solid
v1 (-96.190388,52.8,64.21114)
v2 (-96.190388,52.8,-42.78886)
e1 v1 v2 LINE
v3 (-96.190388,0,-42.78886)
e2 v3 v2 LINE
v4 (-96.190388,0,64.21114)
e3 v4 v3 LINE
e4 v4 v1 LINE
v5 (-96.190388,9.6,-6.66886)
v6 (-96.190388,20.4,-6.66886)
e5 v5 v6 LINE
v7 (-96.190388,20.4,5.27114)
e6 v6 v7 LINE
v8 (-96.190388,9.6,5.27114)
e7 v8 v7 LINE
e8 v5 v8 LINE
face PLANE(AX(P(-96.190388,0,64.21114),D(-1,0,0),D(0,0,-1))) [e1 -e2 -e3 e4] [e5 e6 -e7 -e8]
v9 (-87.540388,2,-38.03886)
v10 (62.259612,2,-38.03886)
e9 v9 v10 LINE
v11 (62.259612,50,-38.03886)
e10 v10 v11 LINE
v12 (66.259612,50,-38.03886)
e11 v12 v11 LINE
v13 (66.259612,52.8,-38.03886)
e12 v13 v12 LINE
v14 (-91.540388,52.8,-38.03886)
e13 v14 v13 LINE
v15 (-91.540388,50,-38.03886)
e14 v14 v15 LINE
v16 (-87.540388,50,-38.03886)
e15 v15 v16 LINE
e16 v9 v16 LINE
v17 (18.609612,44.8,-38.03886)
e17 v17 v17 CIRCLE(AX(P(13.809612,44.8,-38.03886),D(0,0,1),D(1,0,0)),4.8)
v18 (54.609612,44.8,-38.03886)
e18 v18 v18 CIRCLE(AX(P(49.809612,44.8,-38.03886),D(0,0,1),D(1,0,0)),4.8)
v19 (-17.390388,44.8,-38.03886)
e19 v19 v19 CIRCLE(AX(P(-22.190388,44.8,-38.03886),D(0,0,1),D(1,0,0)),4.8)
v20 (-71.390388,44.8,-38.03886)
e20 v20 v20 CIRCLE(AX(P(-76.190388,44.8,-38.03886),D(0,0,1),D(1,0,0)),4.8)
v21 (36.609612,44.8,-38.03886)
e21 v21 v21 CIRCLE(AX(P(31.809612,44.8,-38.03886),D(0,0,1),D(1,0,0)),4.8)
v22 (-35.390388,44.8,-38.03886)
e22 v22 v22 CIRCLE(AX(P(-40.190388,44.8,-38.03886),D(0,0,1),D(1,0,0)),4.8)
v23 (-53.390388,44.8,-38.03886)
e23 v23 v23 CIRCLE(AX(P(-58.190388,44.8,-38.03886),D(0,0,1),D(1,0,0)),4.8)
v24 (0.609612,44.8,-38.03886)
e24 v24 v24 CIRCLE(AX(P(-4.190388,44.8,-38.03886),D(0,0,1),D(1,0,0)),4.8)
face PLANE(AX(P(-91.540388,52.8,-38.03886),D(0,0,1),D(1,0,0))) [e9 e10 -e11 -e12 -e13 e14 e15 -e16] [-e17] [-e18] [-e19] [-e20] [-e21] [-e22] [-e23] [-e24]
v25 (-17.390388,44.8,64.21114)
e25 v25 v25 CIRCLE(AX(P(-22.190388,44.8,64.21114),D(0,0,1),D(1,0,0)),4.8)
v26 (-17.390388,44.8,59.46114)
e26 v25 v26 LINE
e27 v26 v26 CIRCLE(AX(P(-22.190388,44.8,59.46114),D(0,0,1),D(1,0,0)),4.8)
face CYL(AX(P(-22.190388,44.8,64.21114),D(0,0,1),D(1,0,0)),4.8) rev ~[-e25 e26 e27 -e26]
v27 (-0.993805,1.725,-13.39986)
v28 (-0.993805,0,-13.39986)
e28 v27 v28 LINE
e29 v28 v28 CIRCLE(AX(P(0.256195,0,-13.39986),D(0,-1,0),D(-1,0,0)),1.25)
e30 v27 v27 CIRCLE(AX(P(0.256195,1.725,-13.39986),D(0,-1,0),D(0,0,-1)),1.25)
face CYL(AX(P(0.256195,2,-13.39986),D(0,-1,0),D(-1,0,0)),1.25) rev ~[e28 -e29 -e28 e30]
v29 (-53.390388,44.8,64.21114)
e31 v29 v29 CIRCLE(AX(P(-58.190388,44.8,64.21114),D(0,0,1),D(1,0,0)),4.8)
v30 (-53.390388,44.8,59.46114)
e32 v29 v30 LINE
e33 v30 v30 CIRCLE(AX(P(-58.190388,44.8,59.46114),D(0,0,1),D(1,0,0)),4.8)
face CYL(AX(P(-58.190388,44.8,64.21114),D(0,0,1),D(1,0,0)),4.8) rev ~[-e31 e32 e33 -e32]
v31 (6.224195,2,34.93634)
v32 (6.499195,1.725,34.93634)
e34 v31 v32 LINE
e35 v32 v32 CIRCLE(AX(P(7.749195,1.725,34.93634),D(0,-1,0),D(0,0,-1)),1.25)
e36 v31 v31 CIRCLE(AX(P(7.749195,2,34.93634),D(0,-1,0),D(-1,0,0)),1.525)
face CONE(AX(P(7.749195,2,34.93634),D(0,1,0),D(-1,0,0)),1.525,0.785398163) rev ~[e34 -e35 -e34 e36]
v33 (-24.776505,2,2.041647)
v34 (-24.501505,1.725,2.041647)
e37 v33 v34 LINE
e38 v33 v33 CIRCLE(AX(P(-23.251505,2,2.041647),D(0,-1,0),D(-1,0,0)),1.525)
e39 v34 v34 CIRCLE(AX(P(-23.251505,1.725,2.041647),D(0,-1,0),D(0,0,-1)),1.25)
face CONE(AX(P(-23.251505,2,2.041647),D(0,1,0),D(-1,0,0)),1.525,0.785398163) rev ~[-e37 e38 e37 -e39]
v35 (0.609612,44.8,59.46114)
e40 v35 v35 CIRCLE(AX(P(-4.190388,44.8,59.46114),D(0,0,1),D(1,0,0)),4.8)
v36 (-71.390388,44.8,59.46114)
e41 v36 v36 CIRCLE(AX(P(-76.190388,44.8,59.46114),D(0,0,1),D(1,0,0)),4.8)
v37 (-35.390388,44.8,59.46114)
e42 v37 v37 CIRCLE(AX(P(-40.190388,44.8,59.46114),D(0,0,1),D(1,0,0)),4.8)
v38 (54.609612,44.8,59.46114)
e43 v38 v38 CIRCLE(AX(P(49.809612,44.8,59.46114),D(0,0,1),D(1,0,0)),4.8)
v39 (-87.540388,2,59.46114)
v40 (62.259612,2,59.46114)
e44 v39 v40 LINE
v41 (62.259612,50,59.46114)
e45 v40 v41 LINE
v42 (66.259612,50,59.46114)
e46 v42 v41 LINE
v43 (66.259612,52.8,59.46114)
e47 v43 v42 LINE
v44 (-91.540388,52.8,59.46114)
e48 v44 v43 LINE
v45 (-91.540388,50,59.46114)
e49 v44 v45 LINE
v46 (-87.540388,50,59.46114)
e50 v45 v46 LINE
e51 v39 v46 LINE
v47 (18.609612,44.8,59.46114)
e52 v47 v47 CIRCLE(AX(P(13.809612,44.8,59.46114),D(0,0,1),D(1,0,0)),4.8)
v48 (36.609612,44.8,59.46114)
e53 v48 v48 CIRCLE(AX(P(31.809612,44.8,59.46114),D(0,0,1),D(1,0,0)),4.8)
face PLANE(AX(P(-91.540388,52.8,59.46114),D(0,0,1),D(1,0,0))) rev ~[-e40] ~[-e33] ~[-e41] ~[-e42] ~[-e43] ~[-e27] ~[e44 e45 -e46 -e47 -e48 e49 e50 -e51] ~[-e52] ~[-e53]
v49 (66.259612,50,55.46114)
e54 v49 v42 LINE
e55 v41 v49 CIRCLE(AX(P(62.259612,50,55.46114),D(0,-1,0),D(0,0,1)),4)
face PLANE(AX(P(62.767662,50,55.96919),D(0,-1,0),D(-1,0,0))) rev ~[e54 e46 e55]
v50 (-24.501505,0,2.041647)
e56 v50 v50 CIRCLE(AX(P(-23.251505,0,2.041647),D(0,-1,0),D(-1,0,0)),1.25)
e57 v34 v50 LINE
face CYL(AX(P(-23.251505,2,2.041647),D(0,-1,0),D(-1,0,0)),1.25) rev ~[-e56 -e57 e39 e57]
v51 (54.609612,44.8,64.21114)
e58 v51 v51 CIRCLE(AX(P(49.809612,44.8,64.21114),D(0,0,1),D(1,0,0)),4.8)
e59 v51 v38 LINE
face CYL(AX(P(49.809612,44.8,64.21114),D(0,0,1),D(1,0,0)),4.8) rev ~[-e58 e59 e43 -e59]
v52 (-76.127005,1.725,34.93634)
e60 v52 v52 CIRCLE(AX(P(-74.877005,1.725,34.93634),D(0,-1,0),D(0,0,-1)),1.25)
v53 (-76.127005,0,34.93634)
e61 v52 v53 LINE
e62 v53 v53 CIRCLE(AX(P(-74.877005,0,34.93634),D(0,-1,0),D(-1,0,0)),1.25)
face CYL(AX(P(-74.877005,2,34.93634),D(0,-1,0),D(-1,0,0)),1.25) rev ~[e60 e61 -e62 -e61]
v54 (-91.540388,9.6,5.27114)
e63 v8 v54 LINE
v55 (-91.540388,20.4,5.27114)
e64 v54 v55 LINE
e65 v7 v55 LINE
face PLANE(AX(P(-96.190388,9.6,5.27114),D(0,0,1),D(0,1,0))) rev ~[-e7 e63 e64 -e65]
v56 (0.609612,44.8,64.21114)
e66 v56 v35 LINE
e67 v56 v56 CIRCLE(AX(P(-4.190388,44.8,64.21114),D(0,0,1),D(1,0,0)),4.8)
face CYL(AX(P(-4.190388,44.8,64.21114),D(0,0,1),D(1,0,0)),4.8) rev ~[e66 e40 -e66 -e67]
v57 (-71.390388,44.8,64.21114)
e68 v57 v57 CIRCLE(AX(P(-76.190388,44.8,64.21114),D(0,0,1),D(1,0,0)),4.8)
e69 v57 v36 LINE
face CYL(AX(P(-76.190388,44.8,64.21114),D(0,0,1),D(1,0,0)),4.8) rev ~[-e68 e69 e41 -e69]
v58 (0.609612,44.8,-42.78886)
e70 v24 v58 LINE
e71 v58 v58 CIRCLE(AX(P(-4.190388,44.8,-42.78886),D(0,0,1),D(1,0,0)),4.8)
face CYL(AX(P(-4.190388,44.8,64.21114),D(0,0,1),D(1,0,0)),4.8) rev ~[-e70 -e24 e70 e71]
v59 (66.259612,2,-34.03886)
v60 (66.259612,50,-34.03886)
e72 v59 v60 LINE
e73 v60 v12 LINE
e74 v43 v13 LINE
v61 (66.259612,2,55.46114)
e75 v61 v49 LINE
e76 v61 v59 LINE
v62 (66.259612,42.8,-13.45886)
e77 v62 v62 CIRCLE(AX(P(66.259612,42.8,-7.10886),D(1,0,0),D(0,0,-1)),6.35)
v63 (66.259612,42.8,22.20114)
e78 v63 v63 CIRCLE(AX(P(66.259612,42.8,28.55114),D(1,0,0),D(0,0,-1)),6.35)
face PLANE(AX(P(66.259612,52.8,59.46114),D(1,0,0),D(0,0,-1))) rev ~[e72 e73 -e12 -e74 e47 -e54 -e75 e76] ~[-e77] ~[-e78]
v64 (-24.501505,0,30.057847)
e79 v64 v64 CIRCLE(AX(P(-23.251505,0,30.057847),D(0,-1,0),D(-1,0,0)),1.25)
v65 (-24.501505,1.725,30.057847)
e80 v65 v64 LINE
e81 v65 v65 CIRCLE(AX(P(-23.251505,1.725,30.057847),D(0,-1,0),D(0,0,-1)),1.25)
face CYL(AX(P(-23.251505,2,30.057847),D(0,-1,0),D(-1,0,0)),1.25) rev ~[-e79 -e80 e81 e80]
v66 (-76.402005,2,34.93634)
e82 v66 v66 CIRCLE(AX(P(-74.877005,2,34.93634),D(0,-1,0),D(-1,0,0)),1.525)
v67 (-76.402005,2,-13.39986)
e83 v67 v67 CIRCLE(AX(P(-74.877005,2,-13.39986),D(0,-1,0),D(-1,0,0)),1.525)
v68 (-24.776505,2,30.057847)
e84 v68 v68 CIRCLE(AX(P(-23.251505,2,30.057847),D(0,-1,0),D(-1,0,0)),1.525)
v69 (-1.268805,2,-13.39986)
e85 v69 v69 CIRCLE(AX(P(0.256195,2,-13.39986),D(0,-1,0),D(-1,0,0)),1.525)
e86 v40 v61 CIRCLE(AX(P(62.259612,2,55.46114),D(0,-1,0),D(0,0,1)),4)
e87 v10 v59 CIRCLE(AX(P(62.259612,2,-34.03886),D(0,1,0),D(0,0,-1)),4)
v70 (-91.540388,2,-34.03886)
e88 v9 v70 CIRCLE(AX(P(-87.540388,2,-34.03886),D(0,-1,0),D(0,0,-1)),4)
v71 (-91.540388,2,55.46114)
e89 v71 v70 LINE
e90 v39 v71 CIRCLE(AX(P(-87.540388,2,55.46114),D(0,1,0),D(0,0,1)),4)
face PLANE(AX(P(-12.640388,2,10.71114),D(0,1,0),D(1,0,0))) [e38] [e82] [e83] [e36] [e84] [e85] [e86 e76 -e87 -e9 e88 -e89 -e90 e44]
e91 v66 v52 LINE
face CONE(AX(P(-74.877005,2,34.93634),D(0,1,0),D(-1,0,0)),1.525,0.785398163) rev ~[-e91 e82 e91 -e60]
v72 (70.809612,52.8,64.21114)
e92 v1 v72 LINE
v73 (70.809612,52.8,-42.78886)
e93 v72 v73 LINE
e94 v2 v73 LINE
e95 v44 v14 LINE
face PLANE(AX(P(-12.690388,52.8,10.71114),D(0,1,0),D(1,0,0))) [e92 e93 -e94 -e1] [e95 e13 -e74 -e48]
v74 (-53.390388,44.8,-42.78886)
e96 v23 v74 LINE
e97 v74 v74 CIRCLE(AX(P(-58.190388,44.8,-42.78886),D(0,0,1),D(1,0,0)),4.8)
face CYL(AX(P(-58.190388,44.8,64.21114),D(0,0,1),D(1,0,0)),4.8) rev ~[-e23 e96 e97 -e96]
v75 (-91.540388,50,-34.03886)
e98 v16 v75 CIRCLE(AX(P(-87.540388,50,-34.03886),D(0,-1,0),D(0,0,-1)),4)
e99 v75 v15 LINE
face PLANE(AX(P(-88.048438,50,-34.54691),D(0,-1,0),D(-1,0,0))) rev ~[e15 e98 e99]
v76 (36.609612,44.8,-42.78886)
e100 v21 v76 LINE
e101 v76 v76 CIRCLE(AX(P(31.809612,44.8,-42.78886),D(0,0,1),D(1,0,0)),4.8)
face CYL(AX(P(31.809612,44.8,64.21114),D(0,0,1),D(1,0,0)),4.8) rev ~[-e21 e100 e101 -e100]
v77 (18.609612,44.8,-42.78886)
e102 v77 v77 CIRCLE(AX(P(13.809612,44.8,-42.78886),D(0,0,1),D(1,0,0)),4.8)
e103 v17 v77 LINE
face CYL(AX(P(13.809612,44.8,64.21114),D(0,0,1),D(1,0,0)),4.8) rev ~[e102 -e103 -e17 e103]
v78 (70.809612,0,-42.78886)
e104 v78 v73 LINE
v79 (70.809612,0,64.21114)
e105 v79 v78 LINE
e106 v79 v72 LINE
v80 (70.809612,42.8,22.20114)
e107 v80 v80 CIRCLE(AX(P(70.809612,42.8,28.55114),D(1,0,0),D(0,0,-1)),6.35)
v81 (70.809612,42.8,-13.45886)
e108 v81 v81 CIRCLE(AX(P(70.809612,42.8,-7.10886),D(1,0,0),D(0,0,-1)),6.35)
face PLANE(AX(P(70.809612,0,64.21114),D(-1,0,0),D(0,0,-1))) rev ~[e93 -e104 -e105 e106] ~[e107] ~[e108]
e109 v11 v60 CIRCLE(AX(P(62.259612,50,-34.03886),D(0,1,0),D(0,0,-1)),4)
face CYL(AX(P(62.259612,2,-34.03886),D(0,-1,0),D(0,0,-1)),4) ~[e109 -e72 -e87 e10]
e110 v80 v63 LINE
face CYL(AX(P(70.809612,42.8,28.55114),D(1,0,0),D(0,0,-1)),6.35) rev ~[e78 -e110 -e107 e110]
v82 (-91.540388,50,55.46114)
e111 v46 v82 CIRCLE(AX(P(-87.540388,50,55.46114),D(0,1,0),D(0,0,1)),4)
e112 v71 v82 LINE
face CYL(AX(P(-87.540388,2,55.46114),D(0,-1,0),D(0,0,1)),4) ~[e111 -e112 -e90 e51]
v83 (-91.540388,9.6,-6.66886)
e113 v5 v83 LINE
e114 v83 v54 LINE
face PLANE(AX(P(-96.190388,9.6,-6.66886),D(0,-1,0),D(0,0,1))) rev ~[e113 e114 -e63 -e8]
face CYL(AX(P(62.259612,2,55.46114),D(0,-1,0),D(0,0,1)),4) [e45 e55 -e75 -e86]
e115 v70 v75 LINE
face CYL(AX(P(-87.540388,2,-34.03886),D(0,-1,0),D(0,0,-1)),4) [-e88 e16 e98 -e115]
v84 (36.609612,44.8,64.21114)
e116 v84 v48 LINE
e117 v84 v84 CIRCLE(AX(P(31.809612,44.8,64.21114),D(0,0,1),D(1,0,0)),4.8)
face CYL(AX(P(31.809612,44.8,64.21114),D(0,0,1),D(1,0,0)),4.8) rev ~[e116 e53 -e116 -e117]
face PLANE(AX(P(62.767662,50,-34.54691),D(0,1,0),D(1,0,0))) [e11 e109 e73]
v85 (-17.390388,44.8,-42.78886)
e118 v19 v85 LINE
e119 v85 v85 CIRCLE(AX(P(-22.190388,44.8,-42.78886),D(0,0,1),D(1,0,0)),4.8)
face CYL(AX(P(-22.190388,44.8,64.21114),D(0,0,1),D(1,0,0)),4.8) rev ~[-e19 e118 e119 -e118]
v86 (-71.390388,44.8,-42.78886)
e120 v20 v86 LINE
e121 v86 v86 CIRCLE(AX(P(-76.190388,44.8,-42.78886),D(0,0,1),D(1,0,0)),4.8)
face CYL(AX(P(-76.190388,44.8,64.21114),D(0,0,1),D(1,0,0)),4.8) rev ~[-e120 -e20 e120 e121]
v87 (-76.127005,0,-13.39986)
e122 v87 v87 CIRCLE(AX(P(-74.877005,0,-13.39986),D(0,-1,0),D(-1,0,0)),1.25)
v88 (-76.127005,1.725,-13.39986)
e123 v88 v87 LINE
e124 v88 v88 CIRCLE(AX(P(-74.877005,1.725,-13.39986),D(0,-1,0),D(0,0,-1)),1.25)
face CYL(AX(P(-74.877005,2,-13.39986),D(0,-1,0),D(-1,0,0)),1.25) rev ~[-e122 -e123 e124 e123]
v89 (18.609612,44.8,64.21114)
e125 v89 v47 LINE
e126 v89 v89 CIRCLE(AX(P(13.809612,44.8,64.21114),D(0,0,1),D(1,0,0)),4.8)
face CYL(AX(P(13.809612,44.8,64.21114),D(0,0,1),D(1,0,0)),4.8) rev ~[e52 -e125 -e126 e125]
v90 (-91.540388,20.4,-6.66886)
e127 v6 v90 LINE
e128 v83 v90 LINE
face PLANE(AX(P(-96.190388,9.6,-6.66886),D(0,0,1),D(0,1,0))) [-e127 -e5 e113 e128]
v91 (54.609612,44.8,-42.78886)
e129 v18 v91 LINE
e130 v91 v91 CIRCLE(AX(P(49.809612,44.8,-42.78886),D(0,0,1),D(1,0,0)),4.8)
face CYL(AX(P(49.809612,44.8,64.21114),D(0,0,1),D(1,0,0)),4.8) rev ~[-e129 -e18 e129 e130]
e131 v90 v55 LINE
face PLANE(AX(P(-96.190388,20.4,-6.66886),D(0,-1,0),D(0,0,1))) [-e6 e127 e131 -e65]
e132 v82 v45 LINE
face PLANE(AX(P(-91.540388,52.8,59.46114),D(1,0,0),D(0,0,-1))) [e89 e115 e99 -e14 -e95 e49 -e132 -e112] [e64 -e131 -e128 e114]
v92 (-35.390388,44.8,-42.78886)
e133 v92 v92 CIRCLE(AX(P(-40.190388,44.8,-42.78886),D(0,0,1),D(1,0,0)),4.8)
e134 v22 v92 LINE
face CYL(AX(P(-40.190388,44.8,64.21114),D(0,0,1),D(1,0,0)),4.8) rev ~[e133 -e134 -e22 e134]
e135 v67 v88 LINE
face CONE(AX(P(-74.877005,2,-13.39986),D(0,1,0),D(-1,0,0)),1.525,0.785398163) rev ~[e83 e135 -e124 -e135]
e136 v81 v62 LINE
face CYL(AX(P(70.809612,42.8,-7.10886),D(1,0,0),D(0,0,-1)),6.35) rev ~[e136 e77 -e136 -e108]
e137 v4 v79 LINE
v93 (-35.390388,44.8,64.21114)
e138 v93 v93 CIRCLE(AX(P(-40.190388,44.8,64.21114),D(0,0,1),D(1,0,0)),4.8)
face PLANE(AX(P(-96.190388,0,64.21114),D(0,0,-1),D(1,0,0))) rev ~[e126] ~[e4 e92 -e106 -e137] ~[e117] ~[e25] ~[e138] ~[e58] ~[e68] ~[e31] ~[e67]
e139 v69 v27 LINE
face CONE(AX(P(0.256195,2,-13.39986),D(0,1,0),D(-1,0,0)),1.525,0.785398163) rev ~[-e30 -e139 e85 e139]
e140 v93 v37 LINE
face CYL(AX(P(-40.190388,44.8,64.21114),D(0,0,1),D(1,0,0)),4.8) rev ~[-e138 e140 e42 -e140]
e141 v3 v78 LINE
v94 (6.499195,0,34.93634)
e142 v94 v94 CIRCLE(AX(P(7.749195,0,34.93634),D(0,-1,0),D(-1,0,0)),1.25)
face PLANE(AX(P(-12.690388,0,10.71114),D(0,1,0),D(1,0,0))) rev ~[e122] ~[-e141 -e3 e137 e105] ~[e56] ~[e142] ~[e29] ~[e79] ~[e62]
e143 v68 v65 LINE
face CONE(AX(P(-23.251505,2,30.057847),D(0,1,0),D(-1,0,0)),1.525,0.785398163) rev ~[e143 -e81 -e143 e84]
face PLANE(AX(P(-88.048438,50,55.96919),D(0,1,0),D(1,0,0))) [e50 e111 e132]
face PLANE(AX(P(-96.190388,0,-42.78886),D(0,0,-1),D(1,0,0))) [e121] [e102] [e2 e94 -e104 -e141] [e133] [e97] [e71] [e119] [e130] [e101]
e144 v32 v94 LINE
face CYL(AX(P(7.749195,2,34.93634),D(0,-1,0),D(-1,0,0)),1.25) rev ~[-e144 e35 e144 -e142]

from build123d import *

# Parameters (mm, degrees)
SKETCH1_W                   = 167
SKETCH1_H                   = 107
BOSS_EXTRUDE1_DEPTH         = 52.8
SKETCH2_W                   = 157.8
SKETCH2_H                   = 97.5
CUT_EXTRUDE1_DEPTH          = 50.8
SKETCH3_R                   = 4.8
CUT_EXTRUDE2_DEPTH          = 108
LPATTERN1_COUNT             = 8
LPATTERN1_PITCH             = 18
SKETCH4_R                   = 6.35
CUT_EXTRUDE3_DEPTH          = 4.55
LPATTERN2_COUNT             = 2
LPATTERN2_PITCH             = 35.66
CUT_EXTRUDE4_REACH          = 169
SKETCH5_W                   = 11.94
SKETCH5_H                   = 10.8
BOSS_EXTRUDE5_DEPTH         = 48
M3_TAPPED_HOLE1_D           = 2.5
M3_TAPPED_HOLE1_CSINK_D     = 3.05
M3_TAPPED_HOLE1_CSINK_ANGLE = 90


with BuildPart() as part:
    # Sketch1 → Boss-Extrude1 (new body)
    with BuildSketch(Plane(origin=(0, 0, 0), x_dir=(1, 0, 0), z_dir=(0, 1, 0))):
        with Locations((-12.690388251, -10.711139896)):
            Rectangle(SKETCH1_W, SKETCH1_H)
    extrude(amount=BOSS_EXTRUDE1_DEPTH)

    # Sketch2 → Cut-Extrude1 (cut)
    with BuildSketch(Plane(origin=(0, 52.8, 0), x_dir=(1, 0, 0), z_dir=(0, 1, 0))):
        with Locations((-12.640388251, -10.711139896)):
            Rectangle(SKETCH2_W, SKETCH2_H)
    extrude(amount=-CUT_EXTRUDE1_DEPTH, mode=Mode.SUBTRACT)

    # Sketch3 → Cut-Extrude2 (cut, through all)
    with BuildSketch(Plane.XY.offset(64.211139896)):
        with Locations((-76.190388251, 44.8)):
            Circle(SKETCH3_R)
    cut_extrude2 = extrude(amount=-CUT_EXTRUDE2_DEPTH, mode=Mode.SUBTRACT)

    # LPattern1: Cut-Extrude2 ×8
    with Locations(*[(i * LPATTERN1_PITCH, 0, 0) for i in range(1, LPATTERN1_COUNT)]):
        add(cut_extrude2, mode=Mode.SUBTRACT)

    # Sketch4 → Cut-Extrude3 (cut)
    with BuildSketch(Plane(origin=(70.809611749, 0, 0), x_dir=(0, 0, -1), z_dir=(1, 0, 0))):
        with Locations((-28.551139896, 42.8)):
            Circle(SKETCH4_R)
    cut_extrude3 = extrude(amount=-CUT_EXTRUDE3_DEPTH, mode=Mode.SUBTRACT)

    # LPattern2: Cut-Extrude3 ×2
    with Locations(*[(0, 0, -i * LPATTERN2_PITCH) for i in range(1, LPATTERN2_COUNT)]):
        add(cut_extrude3, mode=Mode.SUBTRACT)

    # Sketch5 → Cut-Extrude4 (cut, up to next)
    with BuildSketch(Plane.ZY.offset(96.190388251), mode=Mode.PRIVATE) as cut_extrude4_sk1:
        with Locations((-0.698860104, 15)):
            Rectangle(SKETCH5_W, SKETCH5_H)
    cut_extrude4_tool1 = extrude(cut_extrude4_sk1.sketch, amount=-CUT_EXTRUDE4_REACH, mode=Mode.PRIVATE) & part.part
    add(cut_extrude4_tool1.solids().sort_by_distance((-96.190388, 15, -0.69886))[0], mode=Mode.SUBTRACT)

    # Sketch6 → Boss-Extrude5 (add)
    with BuildSketch(Plane(origin=(0, 2, 0), x_dir=(1, 0, 0), z_dir=(0, 1, 0))):
        with BuildLine():
            Line((66.259611749, 34.038860104), (66.259611749, 38.038860104))
            Line((66.259611749, 38.038860104), (62.259611749, 38.038860104))
            ThreePointArc((62.259611749, 38.038860104), (59.431184624, 31.210432979), (66.259611749, 34.038860104))
        make_face()
        with BuildLine():
            Line((66.259611749, -59.461139896), (62.259611749, -59.461139896))
            ThreePointArc((62.259611749, -59.461139896), (59.431184624, -52.632712772), (66.259611749, -55.461139896))
            Line((66.259611749, -55.461139896), (66.259611749, -59.461139896))
        make_face()
        with BuildLine():
            Line((-91.540388251, 38.038860104), (-87.540388251, 38.038860104))
            ThreePointArc((-87.540388251, 38.038860104), (-84.711961126, 31.210432979), (-91.540388251, 34.038860104))
            Line((-91.540388251, 34.038860104), (-91.540388251, 38.038860104))
        make_face()
        with BuildLine():
            Line((-91.540388251, -55.461139896), (-91.540388251, -59.461139896))
            Line((-91.540388251, -59.461139896), (-87.540388251, -59.461139896))
            ThreePointArc((-87.540388251, -59.461139896), (-84.711961126, -52.632712772), (-91.540388251, -55.461139896))
        make_face()
    extrude(amount=BOSS_EXTRUDE5_DEPTH)

    # M3 Tapped Hole1 (through all)
    with Locations(Plane(origin=(-49.02040068, 2, -140.944816831), x_dir=(1, 0, 0), z_dir=(0, 1, 0))):
        with Locations((56.769595429, -175.881156727), (25.768895429, -171.002663961), (-25.856604571, -175.881156727), (-25.856604571, -127.544956727), (49.276595429, -127.544956727), (25.768895429, -142.986463961)):
            CounterSinkHole(M3_TAPPED_HOLE1_D / 2, M3_TAPPED_HOLE1_CSINK_D / 2, counter_sink_angle=M3_TAPPED_HOLE1_CSINK_ANGLE)


solid = part.part
